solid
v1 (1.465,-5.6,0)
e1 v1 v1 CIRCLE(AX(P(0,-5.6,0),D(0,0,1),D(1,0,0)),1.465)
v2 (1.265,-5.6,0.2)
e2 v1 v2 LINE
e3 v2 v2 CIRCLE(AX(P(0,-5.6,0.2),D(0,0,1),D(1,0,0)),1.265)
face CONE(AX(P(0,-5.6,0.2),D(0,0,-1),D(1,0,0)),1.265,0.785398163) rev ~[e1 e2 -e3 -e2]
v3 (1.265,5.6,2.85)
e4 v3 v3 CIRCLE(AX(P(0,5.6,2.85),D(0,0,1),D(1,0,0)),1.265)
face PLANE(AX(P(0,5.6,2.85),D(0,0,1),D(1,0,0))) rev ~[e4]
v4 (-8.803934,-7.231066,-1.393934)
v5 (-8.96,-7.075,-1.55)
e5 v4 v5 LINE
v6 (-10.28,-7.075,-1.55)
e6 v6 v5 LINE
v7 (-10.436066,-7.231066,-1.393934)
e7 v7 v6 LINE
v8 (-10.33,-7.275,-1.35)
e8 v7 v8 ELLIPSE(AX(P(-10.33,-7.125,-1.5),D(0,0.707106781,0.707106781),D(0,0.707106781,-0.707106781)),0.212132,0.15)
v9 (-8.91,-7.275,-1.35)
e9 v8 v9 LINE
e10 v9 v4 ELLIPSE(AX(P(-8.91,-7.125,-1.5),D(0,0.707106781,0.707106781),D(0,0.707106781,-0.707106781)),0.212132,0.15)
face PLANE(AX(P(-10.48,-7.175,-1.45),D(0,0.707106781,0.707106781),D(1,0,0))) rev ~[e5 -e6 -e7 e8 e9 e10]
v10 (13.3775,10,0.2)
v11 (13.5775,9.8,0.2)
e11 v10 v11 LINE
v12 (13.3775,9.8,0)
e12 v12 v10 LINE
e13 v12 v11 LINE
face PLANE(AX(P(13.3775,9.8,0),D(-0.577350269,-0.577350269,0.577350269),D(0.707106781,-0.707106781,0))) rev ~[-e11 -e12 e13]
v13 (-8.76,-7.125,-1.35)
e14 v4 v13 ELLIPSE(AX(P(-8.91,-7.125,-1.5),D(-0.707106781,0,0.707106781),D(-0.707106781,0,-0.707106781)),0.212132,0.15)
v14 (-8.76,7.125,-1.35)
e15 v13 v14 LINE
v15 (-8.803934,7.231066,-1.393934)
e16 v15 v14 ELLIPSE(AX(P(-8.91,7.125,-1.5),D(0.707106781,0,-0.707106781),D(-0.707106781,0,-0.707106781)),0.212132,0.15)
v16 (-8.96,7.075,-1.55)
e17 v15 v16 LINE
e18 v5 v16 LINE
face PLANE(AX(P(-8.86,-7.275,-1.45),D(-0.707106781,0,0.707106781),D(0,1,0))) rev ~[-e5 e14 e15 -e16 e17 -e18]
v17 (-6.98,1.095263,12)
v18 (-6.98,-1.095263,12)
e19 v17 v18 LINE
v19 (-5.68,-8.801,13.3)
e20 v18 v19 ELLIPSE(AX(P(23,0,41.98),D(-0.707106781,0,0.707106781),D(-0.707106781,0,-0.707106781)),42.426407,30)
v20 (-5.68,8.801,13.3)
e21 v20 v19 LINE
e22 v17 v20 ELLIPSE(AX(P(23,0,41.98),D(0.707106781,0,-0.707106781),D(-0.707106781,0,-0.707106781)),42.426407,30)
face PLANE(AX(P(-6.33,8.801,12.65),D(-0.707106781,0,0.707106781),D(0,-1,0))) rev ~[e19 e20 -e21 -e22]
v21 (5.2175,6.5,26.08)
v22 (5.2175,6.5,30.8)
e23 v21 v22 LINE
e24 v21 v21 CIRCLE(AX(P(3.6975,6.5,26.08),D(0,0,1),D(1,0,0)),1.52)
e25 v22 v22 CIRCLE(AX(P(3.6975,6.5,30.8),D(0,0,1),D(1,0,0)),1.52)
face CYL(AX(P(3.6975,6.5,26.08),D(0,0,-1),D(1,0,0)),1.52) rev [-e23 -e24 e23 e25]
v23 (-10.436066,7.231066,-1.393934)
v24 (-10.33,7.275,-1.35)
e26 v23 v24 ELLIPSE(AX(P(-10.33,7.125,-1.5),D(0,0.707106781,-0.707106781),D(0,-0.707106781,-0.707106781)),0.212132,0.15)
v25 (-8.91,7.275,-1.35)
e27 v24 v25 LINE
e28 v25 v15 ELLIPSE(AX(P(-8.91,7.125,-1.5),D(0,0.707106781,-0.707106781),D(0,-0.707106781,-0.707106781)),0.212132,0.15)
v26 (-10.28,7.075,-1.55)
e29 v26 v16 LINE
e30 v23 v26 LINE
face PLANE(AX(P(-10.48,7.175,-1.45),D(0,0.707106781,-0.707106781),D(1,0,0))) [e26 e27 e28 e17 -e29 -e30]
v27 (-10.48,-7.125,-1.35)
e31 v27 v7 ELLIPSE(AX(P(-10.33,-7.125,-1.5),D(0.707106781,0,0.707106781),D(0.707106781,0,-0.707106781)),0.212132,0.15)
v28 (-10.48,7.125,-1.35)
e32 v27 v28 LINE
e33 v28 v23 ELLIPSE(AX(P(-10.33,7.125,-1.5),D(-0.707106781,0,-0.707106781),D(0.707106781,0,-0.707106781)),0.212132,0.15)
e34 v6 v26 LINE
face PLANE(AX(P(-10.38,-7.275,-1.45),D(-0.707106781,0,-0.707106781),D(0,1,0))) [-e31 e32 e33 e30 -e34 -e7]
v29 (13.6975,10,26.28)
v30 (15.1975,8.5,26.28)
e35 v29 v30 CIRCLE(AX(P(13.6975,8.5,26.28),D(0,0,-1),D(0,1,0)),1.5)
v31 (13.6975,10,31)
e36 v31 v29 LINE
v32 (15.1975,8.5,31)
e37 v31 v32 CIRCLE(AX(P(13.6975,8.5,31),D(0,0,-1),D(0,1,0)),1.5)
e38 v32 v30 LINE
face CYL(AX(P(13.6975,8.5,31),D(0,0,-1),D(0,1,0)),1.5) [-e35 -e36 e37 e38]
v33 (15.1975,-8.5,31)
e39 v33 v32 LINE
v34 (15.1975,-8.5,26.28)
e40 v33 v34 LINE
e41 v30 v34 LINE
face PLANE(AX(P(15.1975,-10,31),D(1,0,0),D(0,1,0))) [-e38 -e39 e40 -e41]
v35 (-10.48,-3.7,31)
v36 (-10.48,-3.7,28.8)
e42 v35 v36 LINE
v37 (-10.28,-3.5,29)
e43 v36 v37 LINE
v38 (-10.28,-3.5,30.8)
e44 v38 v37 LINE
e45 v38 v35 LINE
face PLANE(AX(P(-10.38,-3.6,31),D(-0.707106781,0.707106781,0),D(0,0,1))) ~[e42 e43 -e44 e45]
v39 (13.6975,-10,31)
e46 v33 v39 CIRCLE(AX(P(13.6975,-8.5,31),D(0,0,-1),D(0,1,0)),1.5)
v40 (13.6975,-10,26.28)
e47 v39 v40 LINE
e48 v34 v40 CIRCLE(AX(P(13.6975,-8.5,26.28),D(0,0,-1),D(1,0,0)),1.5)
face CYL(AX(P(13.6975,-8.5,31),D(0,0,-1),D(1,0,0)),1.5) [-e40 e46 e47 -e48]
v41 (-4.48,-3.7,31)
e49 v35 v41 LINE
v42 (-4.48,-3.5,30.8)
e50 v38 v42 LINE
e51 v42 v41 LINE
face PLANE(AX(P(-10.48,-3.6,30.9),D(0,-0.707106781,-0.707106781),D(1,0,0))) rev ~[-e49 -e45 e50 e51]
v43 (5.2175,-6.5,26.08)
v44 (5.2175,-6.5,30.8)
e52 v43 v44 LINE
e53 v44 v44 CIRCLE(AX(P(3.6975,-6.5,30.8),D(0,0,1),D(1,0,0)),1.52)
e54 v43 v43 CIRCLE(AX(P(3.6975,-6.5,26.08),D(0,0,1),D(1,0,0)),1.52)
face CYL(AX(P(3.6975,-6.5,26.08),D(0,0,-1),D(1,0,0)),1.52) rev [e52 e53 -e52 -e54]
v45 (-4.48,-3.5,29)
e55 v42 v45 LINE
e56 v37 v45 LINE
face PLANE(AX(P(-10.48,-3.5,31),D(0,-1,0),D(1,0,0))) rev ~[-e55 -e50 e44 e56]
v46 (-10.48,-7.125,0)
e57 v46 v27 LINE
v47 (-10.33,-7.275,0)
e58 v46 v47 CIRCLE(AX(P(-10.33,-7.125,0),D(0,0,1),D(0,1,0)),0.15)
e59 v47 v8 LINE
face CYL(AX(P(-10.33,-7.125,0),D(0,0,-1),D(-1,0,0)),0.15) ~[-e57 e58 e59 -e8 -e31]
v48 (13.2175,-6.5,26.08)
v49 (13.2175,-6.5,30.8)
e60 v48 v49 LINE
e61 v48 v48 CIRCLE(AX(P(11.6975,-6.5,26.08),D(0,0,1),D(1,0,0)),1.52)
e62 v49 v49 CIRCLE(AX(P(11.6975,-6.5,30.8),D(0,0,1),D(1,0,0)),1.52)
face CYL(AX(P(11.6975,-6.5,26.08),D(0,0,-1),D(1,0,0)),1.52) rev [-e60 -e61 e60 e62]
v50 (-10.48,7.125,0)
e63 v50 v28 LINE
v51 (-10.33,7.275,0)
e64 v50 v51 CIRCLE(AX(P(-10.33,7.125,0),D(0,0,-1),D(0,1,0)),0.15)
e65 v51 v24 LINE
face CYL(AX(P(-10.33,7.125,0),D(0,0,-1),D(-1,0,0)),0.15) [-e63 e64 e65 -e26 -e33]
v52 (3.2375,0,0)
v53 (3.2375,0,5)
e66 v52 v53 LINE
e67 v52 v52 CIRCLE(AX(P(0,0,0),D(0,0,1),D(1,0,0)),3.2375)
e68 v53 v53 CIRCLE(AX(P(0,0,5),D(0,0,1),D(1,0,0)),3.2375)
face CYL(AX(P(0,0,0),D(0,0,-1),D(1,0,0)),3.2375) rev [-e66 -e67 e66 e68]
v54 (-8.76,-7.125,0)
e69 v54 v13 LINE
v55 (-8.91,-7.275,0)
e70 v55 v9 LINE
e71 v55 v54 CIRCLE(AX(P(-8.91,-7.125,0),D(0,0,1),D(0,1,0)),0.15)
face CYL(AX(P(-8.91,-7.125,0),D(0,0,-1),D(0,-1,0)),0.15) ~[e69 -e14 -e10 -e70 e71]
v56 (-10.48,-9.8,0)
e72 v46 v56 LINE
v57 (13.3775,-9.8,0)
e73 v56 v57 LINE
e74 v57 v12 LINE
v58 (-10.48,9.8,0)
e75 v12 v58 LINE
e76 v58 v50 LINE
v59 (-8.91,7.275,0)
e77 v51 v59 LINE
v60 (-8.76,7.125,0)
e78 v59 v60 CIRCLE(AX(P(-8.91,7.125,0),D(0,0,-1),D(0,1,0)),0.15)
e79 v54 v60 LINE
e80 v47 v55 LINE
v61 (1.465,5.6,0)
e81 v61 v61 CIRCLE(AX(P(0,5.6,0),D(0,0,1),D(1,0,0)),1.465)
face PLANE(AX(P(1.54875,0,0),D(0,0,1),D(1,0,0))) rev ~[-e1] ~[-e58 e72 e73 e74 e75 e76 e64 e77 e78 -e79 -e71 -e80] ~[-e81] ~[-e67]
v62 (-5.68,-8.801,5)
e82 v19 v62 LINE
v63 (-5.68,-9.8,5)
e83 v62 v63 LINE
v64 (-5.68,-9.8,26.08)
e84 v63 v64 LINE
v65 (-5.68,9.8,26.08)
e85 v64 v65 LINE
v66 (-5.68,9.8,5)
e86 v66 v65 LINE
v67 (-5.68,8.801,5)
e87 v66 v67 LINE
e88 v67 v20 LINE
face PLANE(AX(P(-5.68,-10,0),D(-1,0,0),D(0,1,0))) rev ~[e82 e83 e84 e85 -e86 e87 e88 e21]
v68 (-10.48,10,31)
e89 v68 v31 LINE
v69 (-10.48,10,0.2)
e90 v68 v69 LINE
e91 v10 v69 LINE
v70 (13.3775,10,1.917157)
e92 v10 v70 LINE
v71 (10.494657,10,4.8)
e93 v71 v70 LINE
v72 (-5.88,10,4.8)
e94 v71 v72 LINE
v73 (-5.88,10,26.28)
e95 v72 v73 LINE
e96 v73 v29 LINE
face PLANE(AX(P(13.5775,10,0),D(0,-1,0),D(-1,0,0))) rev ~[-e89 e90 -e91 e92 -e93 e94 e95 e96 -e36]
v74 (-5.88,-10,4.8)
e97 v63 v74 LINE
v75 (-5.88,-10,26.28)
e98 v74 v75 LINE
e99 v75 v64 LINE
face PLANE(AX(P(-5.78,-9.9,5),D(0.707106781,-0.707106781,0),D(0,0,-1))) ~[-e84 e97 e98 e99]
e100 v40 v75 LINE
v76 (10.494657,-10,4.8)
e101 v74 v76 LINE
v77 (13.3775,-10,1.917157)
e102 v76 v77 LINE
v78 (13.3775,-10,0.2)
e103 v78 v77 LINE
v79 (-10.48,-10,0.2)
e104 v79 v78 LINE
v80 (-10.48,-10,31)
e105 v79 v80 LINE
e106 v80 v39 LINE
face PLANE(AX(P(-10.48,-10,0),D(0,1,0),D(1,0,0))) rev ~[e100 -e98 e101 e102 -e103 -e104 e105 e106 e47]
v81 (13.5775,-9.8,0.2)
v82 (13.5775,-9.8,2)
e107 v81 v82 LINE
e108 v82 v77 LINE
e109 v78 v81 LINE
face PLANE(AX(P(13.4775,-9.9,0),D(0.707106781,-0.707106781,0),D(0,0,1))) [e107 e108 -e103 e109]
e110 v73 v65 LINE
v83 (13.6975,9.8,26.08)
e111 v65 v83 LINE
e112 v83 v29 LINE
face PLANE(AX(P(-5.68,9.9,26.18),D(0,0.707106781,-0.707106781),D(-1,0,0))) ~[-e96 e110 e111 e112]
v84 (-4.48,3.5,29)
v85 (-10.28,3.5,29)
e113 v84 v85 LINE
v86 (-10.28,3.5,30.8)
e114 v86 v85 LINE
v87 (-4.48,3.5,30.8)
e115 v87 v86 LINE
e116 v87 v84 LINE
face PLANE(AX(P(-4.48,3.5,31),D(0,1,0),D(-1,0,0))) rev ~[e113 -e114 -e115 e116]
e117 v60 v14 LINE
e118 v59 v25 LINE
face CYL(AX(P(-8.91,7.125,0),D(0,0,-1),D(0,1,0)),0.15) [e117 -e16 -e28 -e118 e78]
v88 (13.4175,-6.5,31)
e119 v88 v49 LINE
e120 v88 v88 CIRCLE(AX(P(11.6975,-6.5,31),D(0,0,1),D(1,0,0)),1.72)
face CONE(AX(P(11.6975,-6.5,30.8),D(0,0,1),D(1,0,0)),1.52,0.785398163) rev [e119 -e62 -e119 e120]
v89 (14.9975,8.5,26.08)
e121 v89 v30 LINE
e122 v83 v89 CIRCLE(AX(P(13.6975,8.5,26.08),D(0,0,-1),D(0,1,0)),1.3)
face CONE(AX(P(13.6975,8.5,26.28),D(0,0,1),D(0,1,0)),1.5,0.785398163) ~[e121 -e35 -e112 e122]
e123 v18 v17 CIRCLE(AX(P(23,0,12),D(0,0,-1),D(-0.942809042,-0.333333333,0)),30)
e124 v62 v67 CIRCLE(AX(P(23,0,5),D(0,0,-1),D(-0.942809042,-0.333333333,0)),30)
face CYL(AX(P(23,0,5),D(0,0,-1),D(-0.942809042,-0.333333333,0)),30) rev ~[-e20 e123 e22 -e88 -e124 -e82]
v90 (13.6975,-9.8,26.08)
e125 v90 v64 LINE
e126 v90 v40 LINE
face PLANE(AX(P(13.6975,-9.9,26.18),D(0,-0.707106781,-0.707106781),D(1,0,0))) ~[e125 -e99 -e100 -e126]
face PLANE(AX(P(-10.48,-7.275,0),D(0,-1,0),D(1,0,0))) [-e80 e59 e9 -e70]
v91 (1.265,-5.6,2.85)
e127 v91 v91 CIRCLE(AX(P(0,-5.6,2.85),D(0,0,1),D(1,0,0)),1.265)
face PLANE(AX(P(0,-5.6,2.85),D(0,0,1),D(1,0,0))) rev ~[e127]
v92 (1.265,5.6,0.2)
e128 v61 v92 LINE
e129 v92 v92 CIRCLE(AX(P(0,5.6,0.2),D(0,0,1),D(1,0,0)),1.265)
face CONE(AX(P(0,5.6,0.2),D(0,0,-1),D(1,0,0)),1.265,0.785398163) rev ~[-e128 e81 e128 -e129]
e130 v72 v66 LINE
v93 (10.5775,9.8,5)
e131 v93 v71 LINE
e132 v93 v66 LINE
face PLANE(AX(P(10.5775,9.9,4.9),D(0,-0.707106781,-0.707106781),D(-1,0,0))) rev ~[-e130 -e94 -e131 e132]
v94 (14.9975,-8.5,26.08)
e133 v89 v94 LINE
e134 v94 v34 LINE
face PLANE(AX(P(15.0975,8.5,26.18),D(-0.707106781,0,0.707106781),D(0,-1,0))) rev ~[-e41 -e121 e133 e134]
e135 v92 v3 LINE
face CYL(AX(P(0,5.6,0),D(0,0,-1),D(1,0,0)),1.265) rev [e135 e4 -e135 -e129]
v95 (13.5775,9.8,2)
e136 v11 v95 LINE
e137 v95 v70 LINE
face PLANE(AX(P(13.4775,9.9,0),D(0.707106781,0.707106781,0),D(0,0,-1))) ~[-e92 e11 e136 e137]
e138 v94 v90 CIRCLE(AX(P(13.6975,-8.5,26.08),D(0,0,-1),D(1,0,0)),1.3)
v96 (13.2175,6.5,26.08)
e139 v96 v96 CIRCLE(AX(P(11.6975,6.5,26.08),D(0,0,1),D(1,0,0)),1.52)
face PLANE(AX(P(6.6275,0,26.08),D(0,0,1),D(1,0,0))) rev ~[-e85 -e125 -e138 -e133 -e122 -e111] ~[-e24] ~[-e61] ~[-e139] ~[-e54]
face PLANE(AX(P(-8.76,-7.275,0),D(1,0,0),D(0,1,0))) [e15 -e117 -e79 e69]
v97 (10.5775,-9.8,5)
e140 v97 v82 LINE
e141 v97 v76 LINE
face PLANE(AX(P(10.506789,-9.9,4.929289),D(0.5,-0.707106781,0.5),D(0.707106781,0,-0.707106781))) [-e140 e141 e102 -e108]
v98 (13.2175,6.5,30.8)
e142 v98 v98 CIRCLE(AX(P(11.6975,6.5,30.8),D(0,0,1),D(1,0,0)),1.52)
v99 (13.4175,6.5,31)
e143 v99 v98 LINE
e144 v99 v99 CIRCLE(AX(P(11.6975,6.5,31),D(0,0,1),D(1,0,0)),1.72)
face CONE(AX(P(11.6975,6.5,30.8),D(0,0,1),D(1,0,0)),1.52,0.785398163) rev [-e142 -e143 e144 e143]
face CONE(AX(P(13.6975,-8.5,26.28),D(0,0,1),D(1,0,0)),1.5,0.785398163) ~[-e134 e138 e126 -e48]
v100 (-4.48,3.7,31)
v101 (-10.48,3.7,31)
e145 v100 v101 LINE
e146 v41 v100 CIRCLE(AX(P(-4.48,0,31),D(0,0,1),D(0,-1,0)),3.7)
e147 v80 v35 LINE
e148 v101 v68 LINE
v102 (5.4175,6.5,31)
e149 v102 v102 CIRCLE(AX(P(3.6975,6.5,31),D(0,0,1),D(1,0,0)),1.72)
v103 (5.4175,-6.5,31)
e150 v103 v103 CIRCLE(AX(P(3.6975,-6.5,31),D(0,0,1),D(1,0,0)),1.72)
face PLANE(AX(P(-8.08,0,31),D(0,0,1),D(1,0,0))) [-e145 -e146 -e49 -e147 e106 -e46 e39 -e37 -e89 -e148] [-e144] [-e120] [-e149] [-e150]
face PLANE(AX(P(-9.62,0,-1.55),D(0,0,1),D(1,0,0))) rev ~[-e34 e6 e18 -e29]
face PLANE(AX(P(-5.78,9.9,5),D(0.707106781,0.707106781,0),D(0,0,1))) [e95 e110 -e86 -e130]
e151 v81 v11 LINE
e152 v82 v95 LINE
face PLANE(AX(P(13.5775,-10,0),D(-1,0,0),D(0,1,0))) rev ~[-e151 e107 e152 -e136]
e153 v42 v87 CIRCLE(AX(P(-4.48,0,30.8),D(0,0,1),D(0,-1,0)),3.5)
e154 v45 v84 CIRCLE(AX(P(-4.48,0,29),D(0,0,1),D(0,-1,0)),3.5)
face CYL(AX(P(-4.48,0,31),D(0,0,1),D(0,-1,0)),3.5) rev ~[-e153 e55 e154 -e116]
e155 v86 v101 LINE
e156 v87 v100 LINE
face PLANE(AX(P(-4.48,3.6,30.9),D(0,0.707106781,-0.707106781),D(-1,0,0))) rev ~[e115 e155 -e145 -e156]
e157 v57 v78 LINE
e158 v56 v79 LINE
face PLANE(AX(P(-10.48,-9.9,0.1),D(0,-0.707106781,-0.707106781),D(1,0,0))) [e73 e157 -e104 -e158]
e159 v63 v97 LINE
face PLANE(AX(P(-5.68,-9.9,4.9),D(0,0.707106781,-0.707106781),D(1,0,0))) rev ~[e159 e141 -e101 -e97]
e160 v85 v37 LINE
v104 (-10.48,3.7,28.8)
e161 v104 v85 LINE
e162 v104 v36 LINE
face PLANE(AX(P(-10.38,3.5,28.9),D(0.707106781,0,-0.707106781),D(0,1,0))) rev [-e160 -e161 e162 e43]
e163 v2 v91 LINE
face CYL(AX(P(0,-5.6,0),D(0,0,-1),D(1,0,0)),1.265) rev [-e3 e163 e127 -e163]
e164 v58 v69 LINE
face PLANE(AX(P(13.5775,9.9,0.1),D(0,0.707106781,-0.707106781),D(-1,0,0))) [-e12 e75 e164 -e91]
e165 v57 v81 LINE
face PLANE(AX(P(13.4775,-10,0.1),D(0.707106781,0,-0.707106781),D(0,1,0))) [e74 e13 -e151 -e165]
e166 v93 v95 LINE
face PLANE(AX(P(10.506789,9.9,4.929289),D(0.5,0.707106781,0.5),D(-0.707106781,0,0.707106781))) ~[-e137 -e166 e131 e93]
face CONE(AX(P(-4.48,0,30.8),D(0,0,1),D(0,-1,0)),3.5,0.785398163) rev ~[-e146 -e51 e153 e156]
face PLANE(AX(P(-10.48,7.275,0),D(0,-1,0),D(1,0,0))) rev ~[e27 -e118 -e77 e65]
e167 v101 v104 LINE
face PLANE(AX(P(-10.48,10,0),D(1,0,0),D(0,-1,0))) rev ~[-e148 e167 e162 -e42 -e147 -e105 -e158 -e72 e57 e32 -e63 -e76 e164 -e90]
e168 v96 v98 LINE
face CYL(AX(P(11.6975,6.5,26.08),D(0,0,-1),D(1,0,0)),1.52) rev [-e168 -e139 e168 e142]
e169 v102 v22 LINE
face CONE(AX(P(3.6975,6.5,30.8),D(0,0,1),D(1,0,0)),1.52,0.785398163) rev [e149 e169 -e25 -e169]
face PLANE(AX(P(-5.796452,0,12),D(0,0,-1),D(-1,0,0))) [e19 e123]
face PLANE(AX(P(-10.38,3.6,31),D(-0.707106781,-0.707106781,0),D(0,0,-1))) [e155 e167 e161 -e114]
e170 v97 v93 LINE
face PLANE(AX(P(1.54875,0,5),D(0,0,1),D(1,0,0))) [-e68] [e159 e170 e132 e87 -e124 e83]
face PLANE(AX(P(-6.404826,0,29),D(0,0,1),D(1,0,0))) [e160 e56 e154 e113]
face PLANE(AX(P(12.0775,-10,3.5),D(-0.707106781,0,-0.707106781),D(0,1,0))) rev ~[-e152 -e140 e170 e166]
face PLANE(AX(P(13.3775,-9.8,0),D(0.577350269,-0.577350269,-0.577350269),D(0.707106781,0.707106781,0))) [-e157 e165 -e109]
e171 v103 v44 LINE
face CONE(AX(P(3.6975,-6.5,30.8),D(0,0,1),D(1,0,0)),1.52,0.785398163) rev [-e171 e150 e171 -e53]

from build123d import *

# Parameters (mm, degrees)
SKETCH_1_R          = 3.2375
EXTRUDE_1_DEPTH     = 5
SKETCH_2_R          = 1.265
CUT_EXTRUDE_1_DEPTH = 2.85
CHAMFER_1_SIZE      = 0.2
SKETCH_5_W          = 1.72
SKETCH_5_H          = 14.55
EXTRUDE_2_DEPTH     = 1.55
CHAMFER_2_SIZE      = 0.2
FILLET_1_R          = 0.15
SKETCH_6_W          = 4.8
SKETCH_6_H          = 20
EXTRUDE_3_DEPTH     = 31
EXTRUDE_START       = 31
SKETCH_7_W          = 25.9
SKETCH_7_H          = 20
EXTRUDE_4_DEPTH     = 4.92
CUT_EXTRUDE_START   = 26.08
SKETCH_8_R          = 1.52
CUT_EXTRUDE_2_DEPTH = 4.92
CHAMFER_3_SIZE      = 0.2
CUT_EXTRUDE_START_2 = 31
SKETCH_10_W         = 4.38
SKETCH_10_H         = 20
CUT_EXTRUDE_3_DEPTH = 31
FILLET_2_R          = 1.5
CUT_EXTRUDE_4_DEPTH = 2
SKETCH_13_W         = 3.2
SKETCH_13_H         = 20
EXTRUDE_5_DEPTH     = 5
CHAMFER_5_SIZE      = 3
CUT_EXTRUDE_START_3 = 5
CUT_EXTRUDE_5_DEPTH = 7
CHAMFER_7_SIZE      = 1.3
CHAMFER_8_SIZE      = 0.2


with BuildPart() as part:
    # 草图1 → 凸台-拉伸1 (new body)
    with BuildSketch(Plane.XY):
        Polygon((13.5775, 0), (13.5775, 10), (-10.48, 10), (-10.48, 0), (-10.48, -10), (13.5775, -10), align=None)
        Circle(SKETCH_1_R, mode=Mode.SUBTRACT)
    extrude(amount=EXTRUDE_1_DEPTH)

    # 草图2 → 切除-拉伸1 (cut)
    with BuildSketch(Plane.XY):
        with Locations((0, 5.6)):
            Circle(SKETCH_2_R)
        with Locations((0, -5.6)):
            Circle(SKETCH_2_R)
    extrude(amount=CUT_EXTRUDE_1_DEPTH, mode=Mode.SUBTRACT)

    # 倒角1
    chamfer_1_edges = [part.edges().sort_by_distance(p)[0] for p in [
        (-1.265, 5.6, 0),
        (-1.265, -5.6, 0),
    ]]
    chamfer(chamfer_1_edges, length=CHAMFER_1_SIZE)

    # 草图5 → 凸台-拉伸2 (add)
    with BuildSketch(Plane.XY):
        with Locations((-9.62, 0)):
            Rectangle(SKETCH_5_W, SKETCH_5_H)
    extrude(amount=-EXTRUDE_2_DEPTH)

    # 倒角2
    chamfer_2_edges = [part.edges().sort_by_distance(p)[0] for p in [
        (-10.48, 0, -1.55),
        (-9.62, 7.275, -1.55),
        (-8.76, 0, -1.55),
        (-9.62, -7.275, -1.55),
    ]]
    chamfer(chamfer_2_edges, length=CHAMFER_2_SIZE)

    # 圆角1
    fillet_1_edges = [part.edges().sort_by_distance(p)[0] for p in [
        (-8.76, -7.275, -0.675),
        (-8.76, 7.275, -0.675),
        (-10.48, -7.275, -0.675),
        (-10.48, 7.275, -0.675),
    ]]
    fillet(fillet_1_edges, radius=FILLET_1_R)

    # 草图6 → 凸台-拉伸3 (add)
    with BuildSketch(Plane.XY):
        with Locations((-8.08, 0)):
            Rectangle(SKETCH_6_W, SKETCH_6_H)
    extrude(amount=EXTRUDE_3_DEPTH)

    # 草图7 → 凸台-拉伸4 (add)
    with BuildSketch(Plane.XY.offset(EXTRUDE_START)):
        with Locations((6.6275, 0)):
            Rectangle(SKETCH_7_W, SKETCH_7_H)
    extrude(amount=-EXTRUDE_4_DEPTH)

    # 草图8 → 切除-拉伸2 (cut)
    with BuildSketch(Plane.XY.offset(CUT_EXTRUDE_START)):
        with Locations((3.6975, 6.5)):
            Circle(SKETCH_8_R)
        with Locations((11.6975, 6.5)):
            Circle(SKETCH_8_R)
        with Locations((11.6975, -6.5)):
            Circle(SKETCH_8_R)
        with Locations((3.6975, -6.5)):
            Circle(SKETCH_8_R)
    extrude(amount=CUT_EXTRUDE_2_DEPTH, mode=Mode.SUBTRACT)

    # 倒角3
    chamfer_3_edges = [part.edges().sort_by_distance(p)[0] for p in [
        (2.1775, -6.5, 31),
        (10.1775, -6.5, 31),
        (10.1775, 6.5, 31),
        (2.1775, 6.5, 31),
    ]]
    chamfer(chamfer_3_edges, length=CHAMFER_3_SIZE)

    # 草图10 → 切除-拉伸3 (cut)
    with BuildSketch(Plane.XY.offset(CUT_EXTRUDE_START_2)):
        with Locations((17.3875, 0)):
            Rectangle(SKETCH_10_W, SKETCH_10_H)
    extrude(amount=-CUT_EXTRUDE_3_DEPTH, mode=Mode.SUBTRACT)

    # 圆角2
    fillet_2_edges = [part.edges().sort_by_distance(p)[0] for p in [
        (15.1975, -10, 28.54),
        (15.1975, 10, 28.54),
    ]]
    fillet(fillet_2_edges, radius=FILLET_2_R)

    # 草图11 → 切除-拉伸4 (cut)
    with BuildSketch(Plane.XY.offset(CUT_EXTRUDE_START_2)):
        with BuildLine():
            Line((-4.48, 3.5), (-10.48, 3.5))
            Line((-10.48, 3.5), (-10.48, -3.5))
            Line((-10.48, -3.5), (-4.48, -3.5))
            ThreePointArc((-4.48, -3.5), (-0.98, 0), (-4.48, 3.5))
        make_face()
    extrude(amount=-CUT_EXTRUDE_4_DEPTH, mode=Mode.SUBTRACT)

    # 草图13 → 凸台-拉伸5 (add)
    with BuildSketch(Plane.XY):
        with Locations((10.798987738, 0)):
            Rectangle(SKETCH_13_W, SKETCH_13_H)
    extrude(amount=EXTRUDE_5_DEPTH)

    # 倒角5
    chamfer_5_edges = [part.edges().sort_by_distance(p)[0] for p in [
        (13.5775, 0, 5),
    ]]
    chamfer(chamfer_5_edges, length=CHAMFER_5_SIZE)

    # 草图14 → 切除-拉伸5 (cut)
    with BuildSketch(Plane.XY.offset(CUT_EXTRUDE_START_3)):
        with BuildLine():
            Line((-5.284271247, 10), (-5.284271247, -10))
            ThreePointArc((-5.284271247, -10), (-7, 0), (-5.284271247, 10))
        make_face()
    extrude(amount=CUT_EXTRUDE_5_DEPTH, mode=Mode.SUBTRACT)

    # 倒角7
    chamfer_7_edges = [part.edges().sort_by_distance(p)[0] for p in [
        (-5.68, 0, 12),
    ]]
    chamfer(chamfer_7_edges, length=CHAMFER_7_SIZE)

    # 倒角8
    chamfer_8_edges = [part.edges().sort_by_distance(p)[0] for p in [
        (2.44875, -10, 5),
        (-5.68, -10, 15.54),
        (-5.68, 10, 15.54),
        (4.00875, 10, 26.08),
        (4.00875, -10, 26.08),
        (15.1975, 0, 26.08),
        (14.758160172, 9.560660172, 26.08),
        (14.758160172, -9.560660172, 26.08),
        (-7.48, 3.5, 31),
        (-10.48, 3.5, 30),
        (-7.48, -3.5, 31),
        (-10.48, -3.5, 30),
        (-10.48, 0, 29),
        (-0.98, 0, 31),
        (2.44875, 10, 5),
        (13.5775, 10, 1),
        (12.0775, 10, 3.5),
        (13.5775, -10, 1),
        (12.0775, -10, 3.5),
        (1.54875, -10, 0),
        (1.54875, 10, 0),
        (13.5775, 0, 0),
    ]]
    chamfer(chamfer_8_edges, length=CHAMFER_8_SIZE)


solid = part.part
